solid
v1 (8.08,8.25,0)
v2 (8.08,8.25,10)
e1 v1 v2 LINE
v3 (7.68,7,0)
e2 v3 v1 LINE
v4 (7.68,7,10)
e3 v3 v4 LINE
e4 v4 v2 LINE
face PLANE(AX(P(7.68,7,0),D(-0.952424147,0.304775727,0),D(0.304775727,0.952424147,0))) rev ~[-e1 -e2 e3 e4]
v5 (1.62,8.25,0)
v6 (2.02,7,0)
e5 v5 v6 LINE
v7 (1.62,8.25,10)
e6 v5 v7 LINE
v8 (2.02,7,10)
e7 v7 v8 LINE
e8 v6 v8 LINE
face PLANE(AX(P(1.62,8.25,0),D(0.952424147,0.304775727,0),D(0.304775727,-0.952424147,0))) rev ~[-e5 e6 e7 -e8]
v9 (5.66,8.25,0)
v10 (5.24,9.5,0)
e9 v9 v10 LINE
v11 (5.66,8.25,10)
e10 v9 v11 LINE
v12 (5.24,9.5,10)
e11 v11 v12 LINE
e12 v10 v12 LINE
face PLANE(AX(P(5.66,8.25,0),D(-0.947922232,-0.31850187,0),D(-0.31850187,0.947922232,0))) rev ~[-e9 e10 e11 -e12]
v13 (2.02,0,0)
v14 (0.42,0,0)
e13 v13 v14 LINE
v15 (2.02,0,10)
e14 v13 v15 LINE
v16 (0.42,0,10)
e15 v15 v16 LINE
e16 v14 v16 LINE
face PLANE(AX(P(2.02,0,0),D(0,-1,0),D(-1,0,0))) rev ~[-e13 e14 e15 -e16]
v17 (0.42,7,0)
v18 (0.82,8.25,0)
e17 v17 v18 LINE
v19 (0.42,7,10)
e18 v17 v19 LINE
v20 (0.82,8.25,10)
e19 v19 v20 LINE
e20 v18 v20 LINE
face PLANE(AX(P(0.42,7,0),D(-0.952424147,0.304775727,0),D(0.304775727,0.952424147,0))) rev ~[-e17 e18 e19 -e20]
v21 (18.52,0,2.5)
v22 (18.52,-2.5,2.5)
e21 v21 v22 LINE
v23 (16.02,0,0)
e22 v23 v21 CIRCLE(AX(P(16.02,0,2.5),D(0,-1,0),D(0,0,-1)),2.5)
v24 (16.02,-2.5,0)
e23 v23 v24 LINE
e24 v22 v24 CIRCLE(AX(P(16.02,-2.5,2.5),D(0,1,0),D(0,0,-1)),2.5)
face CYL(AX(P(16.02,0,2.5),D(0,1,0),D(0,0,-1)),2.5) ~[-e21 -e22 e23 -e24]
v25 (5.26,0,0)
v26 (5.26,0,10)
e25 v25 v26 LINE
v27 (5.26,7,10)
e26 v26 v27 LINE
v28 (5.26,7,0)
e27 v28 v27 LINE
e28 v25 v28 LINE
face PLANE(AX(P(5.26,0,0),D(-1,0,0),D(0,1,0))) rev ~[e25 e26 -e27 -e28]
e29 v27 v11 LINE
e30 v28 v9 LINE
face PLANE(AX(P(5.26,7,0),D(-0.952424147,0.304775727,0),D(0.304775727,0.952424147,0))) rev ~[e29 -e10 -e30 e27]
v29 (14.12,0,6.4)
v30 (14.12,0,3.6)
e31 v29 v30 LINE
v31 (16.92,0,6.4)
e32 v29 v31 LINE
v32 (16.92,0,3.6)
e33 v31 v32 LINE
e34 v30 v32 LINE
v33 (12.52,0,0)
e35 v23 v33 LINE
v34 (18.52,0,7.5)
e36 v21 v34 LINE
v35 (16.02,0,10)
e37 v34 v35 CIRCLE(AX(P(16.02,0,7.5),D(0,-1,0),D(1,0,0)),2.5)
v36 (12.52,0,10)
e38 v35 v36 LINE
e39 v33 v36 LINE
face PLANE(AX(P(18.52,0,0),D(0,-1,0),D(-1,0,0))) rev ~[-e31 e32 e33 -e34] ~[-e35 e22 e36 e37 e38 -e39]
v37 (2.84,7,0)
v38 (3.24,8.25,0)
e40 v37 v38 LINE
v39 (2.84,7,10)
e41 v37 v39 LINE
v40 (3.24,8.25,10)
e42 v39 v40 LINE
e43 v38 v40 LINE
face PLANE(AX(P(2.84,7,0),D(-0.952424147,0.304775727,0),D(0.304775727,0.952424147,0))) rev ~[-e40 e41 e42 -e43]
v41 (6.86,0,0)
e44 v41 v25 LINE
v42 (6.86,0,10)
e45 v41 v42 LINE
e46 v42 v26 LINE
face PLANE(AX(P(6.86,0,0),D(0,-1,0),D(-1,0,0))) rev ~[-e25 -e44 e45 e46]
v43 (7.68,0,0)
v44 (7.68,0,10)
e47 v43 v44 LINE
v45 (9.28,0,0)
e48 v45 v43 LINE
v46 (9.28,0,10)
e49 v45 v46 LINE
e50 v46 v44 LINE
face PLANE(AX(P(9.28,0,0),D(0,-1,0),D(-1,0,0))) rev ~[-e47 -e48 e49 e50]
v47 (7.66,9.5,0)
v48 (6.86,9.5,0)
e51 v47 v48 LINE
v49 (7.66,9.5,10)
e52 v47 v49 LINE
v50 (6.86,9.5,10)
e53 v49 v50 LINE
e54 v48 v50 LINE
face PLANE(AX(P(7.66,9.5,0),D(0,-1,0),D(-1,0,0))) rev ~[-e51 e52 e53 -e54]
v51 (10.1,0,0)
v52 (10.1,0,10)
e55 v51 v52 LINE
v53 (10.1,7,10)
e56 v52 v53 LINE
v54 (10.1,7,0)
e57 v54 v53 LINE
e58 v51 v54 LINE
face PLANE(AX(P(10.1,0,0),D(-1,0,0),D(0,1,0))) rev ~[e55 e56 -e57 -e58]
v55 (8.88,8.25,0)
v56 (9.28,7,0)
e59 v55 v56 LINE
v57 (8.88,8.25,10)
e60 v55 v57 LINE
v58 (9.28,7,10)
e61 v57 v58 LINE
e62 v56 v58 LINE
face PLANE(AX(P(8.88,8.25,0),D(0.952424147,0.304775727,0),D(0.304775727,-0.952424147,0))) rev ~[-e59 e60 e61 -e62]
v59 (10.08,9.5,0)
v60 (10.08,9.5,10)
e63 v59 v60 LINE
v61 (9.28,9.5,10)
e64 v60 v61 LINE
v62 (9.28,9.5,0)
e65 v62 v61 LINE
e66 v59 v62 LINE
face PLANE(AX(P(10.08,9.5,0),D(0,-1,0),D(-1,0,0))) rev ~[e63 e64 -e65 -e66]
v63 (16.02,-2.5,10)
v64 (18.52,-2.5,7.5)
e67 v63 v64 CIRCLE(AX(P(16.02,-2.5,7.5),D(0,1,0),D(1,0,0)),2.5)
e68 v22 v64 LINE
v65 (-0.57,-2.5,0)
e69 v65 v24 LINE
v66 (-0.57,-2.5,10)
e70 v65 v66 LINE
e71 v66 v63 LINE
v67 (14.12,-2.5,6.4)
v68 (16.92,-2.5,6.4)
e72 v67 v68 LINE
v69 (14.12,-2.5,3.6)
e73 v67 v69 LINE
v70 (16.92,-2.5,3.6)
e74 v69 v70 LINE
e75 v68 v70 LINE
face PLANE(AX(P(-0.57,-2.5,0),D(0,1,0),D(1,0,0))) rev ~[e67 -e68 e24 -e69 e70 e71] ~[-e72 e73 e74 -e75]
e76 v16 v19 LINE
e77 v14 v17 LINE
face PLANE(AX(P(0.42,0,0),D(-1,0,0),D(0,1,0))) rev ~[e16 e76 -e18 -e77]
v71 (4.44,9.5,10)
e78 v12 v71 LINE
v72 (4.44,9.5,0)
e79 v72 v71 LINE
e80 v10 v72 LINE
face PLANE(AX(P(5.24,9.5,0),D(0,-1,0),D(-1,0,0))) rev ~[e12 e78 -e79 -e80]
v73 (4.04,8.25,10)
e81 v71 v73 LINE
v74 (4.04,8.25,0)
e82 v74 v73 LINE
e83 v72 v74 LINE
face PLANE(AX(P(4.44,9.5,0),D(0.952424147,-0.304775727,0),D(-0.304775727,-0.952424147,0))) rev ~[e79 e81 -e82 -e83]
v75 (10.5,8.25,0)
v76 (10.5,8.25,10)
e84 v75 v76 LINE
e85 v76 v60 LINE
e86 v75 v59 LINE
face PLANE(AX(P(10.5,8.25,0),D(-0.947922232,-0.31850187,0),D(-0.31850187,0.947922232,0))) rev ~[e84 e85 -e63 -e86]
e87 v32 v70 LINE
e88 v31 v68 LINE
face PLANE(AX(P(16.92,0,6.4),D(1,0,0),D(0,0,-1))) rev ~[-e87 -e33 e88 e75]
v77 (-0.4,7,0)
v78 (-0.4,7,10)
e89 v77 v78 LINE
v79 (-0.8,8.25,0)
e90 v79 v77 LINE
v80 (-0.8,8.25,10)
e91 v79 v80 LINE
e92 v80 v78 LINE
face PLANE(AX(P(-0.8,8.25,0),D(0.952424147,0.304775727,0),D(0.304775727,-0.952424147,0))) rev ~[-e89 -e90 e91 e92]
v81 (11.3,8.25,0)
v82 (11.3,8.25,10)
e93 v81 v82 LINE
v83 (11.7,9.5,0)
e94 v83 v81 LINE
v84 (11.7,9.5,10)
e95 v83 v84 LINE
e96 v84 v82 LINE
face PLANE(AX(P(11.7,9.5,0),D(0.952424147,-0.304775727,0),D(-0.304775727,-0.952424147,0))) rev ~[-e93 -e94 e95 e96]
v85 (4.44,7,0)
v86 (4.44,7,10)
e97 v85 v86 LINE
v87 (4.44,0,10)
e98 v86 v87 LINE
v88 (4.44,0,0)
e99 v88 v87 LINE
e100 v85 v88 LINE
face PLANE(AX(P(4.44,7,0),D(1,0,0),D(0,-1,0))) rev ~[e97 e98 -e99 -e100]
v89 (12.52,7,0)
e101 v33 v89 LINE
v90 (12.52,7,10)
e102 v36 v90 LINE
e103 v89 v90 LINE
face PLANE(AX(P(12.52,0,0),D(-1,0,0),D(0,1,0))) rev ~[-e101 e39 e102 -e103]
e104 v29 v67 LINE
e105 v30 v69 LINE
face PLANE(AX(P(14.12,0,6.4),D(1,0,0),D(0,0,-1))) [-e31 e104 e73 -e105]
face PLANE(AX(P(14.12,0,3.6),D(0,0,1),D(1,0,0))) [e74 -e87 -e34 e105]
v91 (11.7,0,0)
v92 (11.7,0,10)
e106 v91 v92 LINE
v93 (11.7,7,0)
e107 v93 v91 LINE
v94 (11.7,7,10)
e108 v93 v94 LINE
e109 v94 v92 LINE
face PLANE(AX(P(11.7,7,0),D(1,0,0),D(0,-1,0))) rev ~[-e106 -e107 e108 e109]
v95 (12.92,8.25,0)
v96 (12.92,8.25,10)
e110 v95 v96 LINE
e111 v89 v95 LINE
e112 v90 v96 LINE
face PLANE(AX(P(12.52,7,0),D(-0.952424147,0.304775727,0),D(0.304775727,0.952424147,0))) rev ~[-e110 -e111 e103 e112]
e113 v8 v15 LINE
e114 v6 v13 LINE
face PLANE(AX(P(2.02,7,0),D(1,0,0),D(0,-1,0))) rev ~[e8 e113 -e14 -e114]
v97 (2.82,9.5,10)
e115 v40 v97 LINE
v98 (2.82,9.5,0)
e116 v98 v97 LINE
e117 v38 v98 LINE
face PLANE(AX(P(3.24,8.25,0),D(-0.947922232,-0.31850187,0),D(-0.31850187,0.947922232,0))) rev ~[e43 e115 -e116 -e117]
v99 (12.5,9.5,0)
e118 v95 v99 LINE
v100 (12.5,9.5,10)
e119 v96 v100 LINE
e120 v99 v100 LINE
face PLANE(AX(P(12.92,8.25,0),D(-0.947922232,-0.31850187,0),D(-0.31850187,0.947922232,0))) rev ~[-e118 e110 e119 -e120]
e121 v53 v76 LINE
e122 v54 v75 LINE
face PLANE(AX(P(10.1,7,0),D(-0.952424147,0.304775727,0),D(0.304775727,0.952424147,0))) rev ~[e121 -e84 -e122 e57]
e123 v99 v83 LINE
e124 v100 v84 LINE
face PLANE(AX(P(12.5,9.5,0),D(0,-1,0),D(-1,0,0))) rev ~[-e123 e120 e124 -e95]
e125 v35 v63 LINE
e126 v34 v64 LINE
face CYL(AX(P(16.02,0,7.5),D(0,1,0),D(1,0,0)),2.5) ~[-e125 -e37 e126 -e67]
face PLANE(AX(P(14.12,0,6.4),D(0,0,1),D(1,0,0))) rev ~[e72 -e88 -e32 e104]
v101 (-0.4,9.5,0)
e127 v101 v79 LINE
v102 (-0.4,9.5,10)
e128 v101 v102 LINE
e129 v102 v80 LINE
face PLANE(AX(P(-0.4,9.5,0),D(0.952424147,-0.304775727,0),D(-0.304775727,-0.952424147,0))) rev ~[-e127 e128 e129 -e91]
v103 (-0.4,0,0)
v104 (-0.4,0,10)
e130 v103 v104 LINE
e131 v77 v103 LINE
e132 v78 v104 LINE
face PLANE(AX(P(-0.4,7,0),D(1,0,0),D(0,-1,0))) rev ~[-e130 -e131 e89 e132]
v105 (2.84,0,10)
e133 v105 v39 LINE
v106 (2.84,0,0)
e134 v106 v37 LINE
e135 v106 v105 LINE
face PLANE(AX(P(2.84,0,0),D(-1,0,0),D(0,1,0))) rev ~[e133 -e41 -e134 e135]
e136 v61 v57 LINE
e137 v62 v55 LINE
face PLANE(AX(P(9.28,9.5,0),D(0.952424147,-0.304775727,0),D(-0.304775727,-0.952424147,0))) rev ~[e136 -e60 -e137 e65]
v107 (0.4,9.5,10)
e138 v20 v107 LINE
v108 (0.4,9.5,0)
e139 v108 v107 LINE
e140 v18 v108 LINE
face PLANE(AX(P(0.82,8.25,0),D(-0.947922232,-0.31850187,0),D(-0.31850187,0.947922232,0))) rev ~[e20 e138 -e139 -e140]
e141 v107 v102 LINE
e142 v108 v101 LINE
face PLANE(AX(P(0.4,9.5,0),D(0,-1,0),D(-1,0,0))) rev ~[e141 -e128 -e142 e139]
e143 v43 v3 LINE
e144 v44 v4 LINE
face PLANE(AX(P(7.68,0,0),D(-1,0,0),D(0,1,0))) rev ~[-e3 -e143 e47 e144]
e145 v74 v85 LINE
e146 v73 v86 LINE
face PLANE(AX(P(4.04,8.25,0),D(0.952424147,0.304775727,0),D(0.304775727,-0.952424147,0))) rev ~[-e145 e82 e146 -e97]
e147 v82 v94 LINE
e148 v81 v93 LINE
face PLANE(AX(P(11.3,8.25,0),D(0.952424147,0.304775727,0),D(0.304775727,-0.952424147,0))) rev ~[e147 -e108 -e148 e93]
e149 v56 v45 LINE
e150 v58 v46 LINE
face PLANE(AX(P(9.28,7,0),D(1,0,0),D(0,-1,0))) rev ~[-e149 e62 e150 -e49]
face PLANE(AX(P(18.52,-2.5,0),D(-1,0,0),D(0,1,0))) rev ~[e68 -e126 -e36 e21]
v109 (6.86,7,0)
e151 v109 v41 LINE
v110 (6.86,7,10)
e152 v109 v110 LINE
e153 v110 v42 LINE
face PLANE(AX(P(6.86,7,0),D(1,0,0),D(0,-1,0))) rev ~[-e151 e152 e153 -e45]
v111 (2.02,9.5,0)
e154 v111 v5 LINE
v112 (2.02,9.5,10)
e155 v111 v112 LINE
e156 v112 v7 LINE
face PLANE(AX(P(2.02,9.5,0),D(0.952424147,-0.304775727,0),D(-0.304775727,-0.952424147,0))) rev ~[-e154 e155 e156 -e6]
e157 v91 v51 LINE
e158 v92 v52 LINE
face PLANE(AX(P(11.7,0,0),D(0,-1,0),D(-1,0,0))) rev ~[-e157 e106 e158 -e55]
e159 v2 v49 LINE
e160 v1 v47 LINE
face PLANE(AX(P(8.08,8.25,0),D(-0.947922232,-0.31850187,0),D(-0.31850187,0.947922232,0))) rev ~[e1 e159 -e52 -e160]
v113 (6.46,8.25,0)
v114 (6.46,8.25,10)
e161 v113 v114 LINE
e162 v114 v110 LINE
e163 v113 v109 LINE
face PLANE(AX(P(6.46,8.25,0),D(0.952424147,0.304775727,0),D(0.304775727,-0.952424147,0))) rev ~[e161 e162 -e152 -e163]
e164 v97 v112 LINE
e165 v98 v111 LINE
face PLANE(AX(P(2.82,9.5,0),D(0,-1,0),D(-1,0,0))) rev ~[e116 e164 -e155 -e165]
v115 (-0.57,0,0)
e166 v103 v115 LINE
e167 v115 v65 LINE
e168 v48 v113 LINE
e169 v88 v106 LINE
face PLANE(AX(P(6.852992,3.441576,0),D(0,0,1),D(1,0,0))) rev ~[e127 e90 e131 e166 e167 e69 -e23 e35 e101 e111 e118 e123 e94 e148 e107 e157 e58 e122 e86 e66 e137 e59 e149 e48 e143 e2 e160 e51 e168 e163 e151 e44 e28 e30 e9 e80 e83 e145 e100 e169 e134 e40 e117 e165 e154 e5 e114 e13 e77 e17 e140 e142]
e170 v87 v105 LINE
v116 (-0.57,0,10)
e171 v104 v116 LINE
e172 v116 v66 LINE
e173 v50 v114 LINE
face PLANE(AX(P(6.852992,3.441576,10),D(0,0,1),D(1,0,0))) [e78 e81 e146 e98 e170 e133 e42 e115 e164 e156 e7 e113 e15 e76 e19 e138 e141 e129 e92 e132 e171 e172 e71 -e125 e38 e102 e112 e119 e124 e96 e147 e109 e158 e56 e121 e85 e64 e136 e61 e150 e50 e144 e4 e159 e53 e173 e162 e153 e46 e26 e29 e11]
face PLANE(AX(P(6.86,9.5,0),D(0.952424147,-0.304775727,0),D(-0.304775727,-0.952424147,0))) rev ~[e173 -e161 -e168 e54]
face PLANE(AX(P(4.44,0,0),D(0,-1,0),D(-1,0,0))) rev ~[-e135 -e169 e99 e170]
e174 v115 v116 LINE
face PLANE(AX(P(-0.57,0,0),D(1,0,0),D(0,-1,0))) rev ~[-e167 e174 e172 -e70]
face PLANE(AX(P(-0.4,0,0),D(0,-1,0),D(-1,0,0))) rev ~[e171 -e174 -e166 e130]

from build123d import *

# Parameters (mm, degrees)
RESSALTO_EXTRUS_O1_DEPTH = 10
ESBO_O2_W                = 2.8
ESBO_O2_H                = 2.8
CORTE_EXTRUS_O1_DEPTH    = 24.091998614


with BuildPart() as part:
    # Esboço1 → Ressalto-extrusão1 (new body)
    with BuildSketch(Plane.XY):
        Polygon((-0.4, 7), (-0.4, 0), (-0.57, 0), (-0.57, -2.5), (5.43, -2.5), (18.52, -2.5), (18.52, 0), (12.52, 0), (12.52, 7), (12.92, 8.25), (12.5, 9.5), (11.7, 9.5), (11.3, 8.25), (11.7, 7), (11.7, 0), (10.1, 0), (10.1, 7), (10.5, 8.25), (10.08, 9.5), (9.28, 9.5), (8.88, 8.25), (9.28, 7), (9.28, 0), (7.68, 0), (7.68, 7), (8.08, 8.25), (7.66, 9.5), (6.86, 9.5), (6.46, 8.25), (6.86, 7), (6.86, 0), (5.26, 0), (5.26, 7), (5.66, 8.25), (5.24, 9.5), (4.44, 9.5), (4.04, 8.25), (4.44, 7), (4.44, 0), (2.84, 0), (2.84, 7), (3.24, 8.25), (2.82, 9.5), (2.02, 9.5), (1.62, 8.25), (2.02, 7), (2.02, 0), (0.42, 0), (0.42, 7), (0.82, 8.25), (0.4, 9.5), (-0.4, 9.5), (-0.8, 8.25), align=None)
    extrude(amount=RESSALTO_EXTRUS_O1_DEPTH)

    # Esboço2 → Corte-extrusão1 (cut, through all)
    with BuildSketch(Plane(origin=(0, 0, 0), x_dir=(1, 0, 0), z_dir=(0, 1, 0))):
        with Locations((15.52, -5)):
            Rectangle(ESBO_O2_W, ESBO_O2_H)
        with BuildLine():
            ThreePointArc((16.02, 0), (17.787766953, -0.732233047), (18.52, -2.5))
            Line((18.52, -2.5), (18.52, 0))
            Line((18.52, 0), (16.02, 0))
        make_face()
        with BuildLine():
            Line((18.52, -10), (18.52, -7.5))
            ThreePointArc((18.52, -7.5), (17.787766953, -9.267766953), (16.02, -10))
            Line((16.02, -10), (18.52, -10))
        make_face()
    extrude(amount=-CORTE_EXTRUS_O1_DEPTH, mode=Mode.SUBTRACT)


solid = part.part
